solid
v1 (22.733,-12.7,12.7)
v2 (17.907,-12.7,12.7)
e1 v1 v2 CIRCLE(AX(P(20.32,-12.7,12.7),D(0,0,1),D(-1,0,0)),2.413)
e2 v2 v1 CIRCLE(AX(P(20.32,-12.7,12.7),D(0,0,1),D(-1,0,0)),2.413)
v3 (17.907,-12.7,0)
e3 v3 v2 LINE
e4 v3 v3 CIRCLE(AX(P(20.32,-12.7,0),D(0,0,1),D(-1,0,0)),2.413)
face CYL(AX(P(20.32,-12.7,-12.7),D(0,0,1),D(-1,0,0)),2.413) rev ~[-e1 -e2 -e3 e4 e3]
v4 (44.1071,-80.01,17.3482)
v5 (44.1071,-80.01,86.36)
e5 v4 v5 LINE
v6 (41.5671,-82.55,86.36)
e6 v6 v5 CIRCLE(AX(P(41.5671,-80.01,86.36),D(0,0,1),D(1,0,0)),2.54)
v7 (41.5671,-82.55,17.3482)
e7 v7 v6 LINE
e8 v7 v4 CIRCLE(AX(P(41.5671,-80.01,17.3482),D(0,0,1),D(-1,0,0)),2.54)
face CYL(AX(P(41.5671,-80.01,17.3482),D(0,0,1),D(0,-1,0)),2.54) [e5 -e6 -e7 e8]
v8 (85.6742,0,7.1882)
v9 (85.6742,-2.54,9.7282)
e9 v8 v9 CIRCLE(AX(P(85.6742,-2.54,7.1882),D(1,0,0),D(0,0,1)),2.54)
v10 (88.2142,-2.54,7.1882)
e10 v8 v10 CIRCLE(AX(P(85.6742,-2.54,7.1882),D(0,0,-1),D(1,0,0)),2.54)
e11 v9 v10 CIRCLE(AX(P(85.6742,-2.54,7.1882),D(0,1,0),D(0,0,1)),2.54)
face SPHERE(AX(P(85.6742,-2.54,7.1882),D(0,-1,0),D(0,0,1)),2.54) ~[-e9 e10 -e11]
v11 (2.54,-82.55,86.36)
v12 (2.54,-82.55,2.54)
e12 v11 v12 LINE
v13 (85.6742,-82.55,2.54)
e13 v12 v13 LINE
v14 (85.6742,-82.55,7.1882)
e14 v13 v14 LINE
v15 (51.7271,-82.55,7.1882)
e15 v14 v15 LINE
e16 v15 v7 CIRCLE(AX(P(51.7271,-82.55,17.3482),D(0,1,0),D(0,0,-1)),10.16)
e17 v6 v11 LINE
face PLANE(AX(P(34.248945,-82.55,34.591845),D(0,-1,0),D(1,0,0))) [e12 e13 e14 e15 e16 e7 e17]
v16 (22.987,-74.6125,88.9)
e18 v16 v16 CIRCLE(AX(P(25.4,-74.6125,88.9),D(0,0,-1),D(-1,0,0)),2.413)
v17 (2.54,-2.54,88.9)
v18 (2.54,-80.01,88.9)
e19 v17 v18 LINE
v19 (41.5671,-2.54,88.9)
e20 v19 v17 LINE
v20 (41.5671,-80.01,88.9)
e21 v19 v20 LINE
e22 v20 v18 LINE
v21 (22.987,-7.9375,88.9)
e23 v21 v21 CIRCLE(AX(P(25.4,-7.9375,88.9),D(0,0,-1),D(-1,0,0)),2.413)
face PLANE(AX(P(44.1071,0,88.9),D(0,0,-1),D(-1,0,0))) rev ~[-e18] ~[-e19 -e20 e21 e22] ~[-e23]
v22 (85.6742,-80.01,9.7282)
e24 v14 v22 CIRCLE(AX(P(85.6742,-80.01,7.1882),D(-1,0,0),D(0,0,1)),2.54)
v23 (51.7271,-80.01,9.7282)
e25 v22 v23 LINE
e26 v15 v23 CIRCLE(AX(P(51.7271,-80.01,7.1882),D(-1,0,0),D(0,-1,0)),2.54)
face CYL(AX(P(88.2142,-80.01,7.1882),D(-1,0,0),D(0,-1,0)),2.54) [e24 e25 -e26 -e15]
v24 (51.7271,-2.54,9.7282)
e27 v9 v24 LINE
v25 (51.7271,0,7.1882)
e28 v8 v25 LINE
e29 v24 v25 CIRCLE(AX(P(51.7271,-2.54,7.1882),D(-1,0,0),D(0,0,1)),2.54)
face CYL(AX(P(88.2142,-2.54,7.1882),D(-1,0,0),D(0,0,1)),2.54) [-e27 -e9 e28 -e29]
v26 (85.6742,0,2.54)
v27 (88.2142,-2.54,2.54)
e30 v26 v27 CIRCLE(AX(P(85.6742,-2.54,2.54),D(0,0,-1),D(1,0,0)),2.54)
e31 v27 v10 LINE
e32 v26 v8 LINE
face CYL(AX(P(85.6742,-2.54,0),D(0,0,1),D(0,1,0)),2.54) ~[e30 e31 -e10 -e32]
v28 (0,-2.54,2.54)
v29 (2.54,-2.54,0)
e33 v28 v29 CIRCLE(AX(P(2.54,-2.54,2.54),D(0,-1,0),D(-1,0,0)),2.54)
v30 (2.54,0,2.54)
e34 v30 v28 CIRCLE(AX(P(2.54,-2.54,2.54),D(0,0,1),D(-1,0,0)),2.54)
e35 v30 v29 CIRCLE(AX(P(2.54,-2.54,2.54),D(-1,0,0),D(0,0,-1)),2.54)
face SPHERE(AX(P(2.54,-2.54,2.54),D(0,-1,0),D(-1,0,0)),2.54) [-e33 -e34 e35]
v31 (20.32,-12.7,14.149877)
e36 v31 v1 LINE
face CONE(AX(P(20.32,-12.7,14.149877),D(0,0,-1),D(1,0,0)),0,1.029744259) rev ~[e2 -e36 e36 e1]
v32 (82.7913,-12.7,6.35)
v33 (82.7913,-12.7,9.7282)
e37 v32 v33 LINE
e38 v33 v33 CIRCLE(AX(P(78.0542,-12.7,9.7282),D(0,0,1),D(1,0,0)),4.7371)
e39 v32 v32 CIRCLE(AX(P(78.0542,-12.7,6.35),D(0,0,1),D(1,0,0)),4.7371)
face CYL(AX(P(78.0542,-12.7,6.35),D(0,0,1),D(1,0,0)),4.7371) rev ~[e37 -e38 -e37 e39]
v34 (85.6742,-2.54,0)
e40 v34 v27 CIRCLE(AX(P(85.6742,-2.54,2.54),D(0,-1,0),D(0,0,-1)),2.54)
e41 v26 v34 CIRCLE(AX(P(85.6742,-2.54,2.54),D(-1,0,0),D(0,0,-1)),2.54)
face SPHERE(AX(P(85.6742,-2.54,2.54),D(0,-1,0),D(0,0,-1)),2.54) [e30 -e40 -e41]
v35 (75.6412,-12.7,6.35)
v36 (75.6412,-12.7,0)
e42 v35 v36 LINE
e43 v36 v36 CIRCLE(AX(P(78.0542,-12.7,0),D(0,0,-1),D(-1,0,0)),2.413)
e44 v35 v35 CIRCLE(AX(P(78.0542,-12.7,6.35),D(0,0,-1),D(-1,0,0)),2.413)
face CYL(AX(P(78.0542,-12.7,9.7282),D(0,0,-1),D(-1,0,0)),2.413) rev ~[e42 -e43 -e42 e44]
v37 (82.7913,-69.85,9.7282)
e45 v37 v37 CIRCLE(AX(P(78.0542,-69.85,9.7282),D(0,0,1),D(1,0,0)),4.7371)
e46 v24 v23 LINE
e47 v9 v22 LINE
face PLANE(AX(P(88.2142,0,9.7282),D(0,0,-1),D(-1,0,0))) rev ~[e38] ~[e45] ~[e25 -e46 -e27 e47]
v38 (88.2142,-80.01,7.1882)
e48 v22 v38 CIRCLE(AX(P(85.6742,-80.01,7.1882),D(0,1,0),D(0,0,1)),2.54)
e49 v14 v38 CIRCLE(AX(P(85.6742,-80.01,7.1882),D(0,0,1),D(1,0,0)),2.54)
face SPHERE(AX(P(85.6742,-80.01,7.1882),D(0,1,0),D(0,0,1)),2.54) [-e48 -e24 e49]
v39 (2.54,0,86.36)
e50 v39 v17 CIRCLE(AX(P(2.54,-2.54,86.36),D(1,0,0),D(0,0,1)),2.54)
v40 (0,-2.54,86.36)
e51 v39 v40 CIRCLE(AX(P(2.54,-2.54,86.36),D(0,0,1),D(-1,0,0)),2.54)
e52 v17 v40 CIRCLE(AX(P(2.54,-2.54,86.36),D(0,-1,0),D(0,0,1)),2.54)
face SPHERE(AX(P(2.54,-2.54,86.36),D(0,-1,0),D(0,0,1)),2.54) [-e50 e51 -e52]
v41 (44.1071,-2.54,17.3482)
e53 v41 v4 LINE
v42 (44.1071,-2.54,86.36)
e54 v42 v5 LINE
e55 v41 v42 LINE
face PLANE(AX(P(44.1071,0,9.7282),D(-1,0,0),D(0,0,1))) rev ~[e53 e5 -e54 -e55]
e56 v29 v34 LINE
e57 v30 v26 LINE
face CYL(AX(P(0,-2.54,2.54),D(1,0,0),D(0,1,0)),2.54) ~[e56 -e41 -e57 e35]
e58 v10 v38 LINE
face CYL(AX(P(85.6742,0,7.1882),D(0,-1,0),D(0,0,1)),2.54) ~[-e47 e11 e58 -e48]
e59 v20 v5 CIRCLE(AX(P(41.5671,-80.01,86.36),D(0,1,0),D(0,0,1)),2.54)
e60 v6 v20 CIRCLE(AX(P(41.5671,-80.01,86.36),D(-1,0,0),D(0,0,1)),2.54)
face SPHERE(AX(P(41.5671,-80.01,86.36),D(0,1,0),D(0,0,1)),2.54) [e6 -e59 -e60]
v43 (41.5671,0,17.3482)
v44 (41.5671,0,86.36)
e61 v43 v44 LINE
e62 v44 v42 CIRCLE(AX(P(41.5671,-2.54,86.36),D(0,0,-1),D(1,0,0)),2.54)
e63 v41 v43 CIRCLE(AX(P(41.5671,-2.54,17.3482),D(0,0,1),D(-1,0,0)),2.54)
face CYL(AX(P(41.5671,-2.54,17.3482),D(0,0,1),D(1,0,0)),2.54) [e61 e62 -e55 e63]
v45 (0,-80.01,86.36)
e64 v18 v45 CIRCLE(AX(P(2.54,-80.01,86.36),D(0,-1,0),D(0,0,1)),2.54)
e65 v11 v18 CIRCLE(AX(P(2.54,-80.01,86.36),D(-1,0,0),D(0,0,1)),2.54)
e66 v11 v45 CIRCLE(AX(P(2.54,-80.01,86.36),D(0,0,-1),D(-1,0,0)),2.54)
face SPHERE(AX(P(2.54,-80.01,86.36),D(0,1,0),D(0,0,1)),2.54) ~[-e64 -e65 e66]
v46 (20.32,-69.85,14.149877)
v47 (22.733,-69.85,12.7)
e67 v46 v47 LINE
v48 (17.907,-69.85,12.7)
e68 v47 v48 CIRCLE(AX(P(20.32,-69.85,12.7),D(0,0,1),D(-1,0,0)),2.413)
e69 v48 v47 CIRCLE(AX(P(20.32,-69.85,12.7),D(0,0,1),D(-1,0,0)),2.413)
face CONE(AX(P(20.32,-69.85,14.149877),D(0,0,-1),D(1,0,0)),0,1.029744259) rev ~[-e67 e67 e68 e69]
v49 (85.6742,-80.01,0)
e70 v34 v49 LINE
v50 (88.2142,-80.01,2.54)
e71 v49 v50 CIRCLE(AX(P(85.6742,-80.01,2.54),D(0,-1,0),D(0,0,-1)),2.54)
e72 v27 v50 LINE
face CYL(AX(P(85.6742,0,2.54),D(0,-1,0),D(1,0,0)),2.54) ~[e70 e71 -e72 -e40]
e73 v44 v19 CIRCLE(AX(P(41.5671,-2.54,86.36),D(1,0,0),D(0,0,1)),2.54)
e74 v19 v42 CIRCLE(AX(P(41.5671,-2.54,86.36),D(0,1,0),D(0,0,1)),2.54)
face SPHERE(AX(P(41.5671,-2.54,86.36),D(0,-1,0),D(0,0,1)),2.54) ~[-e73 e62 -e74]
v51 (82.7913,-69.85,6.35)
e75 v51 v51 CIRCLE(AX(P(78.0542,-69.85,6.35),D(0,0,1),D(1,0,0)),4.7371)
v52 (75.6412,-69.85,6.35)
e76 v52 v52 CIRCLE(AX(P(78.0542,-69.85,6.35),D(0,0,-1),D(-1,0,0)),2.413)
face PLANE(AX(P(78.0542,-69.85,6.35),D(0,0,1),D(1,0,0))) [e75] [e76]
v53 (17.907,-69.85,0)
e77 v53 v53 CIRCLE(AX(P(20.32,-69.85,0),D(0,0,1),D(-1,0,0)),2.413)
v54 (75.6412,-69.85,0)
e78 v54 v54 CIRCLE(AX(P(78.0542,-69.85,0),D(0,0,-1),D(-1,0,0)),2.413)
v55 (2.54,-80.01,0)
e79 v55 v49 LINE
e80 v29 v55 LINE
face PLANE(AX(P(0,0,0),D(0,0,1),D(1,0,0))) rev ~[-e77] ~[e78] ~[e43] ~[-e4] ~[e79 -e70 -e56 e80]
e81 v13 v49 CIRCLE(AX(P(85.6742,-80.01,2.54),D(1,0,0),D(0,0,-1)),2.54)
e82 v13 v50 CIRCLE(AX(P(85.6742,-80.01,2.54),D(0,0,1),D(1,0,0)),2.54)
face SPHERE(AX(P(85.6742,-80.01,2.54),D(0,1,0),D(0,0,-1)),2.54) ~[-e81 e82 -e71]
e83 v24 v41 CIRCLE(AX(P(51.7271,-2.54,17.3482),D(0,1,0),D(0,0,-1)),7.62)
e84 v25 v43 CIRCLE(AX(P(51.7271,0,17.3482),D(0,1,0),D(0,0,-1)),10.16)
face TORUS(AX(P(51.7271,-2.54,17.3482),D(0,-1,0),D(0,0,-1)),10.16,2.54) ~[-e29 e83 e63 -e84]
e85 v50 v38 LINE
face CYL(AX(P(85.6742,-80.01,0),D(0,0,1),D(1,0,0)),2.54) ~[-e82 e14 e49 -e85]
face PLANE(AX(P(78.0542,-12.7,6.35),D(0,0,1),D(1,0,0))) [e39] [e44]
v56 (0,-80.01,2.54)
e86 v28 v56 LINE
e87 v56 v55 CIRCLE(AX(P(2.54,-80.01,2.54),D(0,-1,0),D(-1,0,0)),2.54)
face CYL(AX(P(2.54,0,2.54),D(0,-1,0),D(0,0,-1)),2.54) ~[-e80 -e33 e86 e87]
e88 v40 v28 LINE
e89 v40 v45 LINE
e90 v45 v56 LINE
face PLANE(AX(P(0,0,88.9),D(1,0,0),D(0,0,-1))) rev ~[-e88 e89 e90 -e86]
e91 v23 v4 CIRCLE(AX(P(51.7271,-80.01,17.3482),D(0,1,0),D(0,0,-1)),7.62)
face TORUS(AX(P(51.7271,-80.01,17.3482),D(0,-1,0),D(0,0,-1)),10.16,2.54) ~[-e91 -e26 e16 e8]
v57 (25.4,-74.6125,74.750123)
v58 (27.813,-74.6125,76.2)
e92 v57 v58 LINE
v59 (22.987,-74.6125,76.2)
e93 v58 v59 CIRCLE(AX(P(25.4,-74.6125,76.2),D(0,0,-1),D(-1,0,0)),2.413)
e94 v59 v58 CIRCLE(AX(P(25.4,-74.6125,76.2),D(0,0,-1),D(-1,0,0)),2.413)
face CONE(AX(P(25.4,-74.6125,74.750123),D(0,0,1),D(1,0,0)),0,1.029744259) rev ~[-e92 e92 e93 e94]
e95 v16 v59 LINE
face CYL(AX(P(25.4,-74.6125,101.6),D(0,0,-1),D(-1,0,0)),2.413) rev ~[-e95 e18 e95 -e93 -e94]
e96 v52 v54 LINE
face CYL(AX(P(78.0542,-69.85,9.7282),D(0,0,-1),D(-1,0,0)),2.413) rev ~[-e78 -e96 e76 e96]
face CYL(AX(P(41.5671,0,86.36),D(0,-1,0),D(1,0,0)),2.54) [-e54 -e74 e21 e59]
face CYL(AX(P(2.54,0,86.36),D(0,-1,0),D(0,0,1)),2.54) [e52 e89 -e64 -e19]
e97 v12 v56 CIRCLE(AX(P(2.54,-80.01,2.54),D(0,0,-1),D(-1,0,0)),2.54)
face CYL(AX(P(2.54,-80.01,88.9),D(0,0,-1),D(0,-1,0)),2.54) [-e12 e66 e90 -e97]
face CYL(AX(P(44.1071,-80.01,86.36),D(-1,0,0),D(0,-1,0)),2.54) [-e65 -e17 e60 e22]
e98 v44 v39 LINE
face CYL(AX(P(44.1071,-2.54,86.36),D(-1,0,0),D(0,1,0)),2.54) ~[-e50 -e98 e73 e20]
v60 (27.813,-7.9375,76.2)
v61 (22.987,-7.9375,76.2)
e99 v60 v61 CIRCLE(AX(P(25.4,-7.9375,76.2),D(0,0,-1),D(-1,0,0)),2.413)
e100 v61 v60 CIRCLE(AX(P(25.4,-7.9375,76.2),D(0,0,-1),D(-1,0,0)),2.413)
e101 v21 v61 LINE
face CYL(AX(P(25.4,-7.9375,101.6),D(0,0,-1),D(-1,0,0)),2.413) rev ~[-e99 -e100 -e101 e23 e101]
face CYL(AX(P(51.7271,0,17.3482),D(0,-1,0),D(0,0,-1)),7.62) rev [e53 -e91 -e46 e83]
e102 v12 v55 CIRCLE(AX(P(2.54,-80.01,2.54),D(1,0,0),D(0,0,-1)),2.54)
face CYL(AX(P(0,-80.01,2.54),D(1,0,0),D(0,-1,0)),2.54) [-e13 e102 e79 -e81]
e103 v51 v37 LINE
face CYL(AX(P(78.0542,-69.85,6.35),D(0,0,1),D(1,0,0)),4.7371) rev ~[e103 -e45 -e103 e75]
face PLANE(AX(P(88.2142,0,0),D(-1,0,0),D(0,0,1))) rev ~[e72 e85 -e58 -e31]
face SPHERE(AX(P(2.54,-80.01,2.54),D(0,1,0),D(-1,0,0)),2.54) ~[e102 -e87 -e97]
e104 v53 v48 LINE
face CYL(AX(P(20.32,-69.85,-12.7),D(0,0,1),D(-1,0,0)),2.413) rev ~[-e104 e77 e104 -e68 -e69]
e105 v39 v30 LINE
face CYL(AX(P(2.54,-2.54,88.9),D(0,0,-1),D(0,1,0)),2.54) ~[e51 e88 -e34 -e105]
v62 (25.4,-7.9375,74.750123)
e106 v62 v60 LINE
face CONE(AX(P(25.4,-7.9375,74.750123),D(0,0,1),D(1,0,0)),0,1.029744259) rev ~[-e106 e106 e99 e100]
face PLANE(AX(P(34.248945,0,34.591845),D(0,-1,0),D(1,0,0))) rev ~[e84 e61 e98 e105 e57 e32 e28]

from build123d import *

# Parameters (mm, degrees)
F1_DEPTH       = 82.55
F2_R           = 7.62
F3_R           = 2.54
F6_D           = 4.826
F6_DEPTH       = 12.7
F6_TIP         = 1.4498766737
F6_ON_F5_D     = 4.826
F6_ON_F5_DEPTH = 12.7
F6_ON_F5_TIP   = 1.4498766737
F8_D           = 4.826
F8_CBORE_D     = 9.4742
F8_CBORE_DEPTH = 3.3782


with BuildPart() as f1:
    # F0 (on Front) → F1 (new body)
    with BuildSketch(Plane.XZ):
        Polygon((0, 88.9), (0, 0), (88.2142, 0), (88.2142, 9.7282), (44.1071, 9.7282), (44.1071, 88.9), align=None)
    extrude(amount=F1_DEPTH)

    # F2
    f2_edges = [f1.edges().sort_by_distance(p)[0] for p in [
        (44.1071, -41.275, 9.7282),
    ]]
    fillet(f2_edges, radius=F2_R)

    # F3
    f3_edges = [f1.edges().sort_by_distance(p)[0] for p in [
        (44.1071, -41.275, 88.9),
        (0, -41.275, 88.9),
        (0, -41.275, 0),
        (88.2142, -41.275, 9.7282),
        (88.2142, -41.275, 0),
        (22.05355, 0, 88.9),
        (22.05355, -82.55, 88.9),
        (44.1071, -82.55, 53.1241),
        (69.97065, -82.55, 9.7282),
        (69.97065, 0, 9.7282),
        (44.1071, 0, 53.1241),
        (0, 0, 44.45),
        (44.1071, 0, 0),
        (0, -82.55, 44.45),
        (44.1071, -82.55, 0),
        (88.2142, -82.55, 4.8641),
        (88.2142, 0, 4.8641),
    ]]
    fillet(f3_edges, radius=F3_R)

    # F6
    with Locations(Plane.XY.offset(88.9)):
        with Locations((25.4, -7.9375), (25.4, -74.6125)):
            Hole(F6_D / 2, depth=F6_DEPTH)
            with Locations((0, 0, -(F6_DEPTH + F6_TIP / 2))):  # 118° drill point
                Cone(0, F6_D / 2, F6_TIP, mode=Mode.SUBTRACT)

    # F6 on F5
    with Locations(Plane(origin=(0, 0, 0), x_dir=(1, 0, 0), z_dir=(0, 0, -1))):
        with Locations((20.32, 69.85), (20.32, 12.7)):
            Hole(F6_ON_F5_D / 2, depth=F6_ON_F5_DEPTH)
            with Locations((0, 0, -(F6_ON_F5_DEPTH + F6_ON_F5_TIP / 2))):  # 118° drill point
                Cone(0, F6_ON_F5_D / 2, F6_ON_F5_TIP, mode=Mode.SUBTRACT)

    # F8 (through all)
    with Locations(Plane.XY.offset(9.7282)):
        with Locations((78.0542, -12.7), (78.0542, -69.85)):
            CounterBoreHole(F8_D / 2, F8_CBORE_D / 2, F8_CBORE_DEPTH)


solid = f1.part
